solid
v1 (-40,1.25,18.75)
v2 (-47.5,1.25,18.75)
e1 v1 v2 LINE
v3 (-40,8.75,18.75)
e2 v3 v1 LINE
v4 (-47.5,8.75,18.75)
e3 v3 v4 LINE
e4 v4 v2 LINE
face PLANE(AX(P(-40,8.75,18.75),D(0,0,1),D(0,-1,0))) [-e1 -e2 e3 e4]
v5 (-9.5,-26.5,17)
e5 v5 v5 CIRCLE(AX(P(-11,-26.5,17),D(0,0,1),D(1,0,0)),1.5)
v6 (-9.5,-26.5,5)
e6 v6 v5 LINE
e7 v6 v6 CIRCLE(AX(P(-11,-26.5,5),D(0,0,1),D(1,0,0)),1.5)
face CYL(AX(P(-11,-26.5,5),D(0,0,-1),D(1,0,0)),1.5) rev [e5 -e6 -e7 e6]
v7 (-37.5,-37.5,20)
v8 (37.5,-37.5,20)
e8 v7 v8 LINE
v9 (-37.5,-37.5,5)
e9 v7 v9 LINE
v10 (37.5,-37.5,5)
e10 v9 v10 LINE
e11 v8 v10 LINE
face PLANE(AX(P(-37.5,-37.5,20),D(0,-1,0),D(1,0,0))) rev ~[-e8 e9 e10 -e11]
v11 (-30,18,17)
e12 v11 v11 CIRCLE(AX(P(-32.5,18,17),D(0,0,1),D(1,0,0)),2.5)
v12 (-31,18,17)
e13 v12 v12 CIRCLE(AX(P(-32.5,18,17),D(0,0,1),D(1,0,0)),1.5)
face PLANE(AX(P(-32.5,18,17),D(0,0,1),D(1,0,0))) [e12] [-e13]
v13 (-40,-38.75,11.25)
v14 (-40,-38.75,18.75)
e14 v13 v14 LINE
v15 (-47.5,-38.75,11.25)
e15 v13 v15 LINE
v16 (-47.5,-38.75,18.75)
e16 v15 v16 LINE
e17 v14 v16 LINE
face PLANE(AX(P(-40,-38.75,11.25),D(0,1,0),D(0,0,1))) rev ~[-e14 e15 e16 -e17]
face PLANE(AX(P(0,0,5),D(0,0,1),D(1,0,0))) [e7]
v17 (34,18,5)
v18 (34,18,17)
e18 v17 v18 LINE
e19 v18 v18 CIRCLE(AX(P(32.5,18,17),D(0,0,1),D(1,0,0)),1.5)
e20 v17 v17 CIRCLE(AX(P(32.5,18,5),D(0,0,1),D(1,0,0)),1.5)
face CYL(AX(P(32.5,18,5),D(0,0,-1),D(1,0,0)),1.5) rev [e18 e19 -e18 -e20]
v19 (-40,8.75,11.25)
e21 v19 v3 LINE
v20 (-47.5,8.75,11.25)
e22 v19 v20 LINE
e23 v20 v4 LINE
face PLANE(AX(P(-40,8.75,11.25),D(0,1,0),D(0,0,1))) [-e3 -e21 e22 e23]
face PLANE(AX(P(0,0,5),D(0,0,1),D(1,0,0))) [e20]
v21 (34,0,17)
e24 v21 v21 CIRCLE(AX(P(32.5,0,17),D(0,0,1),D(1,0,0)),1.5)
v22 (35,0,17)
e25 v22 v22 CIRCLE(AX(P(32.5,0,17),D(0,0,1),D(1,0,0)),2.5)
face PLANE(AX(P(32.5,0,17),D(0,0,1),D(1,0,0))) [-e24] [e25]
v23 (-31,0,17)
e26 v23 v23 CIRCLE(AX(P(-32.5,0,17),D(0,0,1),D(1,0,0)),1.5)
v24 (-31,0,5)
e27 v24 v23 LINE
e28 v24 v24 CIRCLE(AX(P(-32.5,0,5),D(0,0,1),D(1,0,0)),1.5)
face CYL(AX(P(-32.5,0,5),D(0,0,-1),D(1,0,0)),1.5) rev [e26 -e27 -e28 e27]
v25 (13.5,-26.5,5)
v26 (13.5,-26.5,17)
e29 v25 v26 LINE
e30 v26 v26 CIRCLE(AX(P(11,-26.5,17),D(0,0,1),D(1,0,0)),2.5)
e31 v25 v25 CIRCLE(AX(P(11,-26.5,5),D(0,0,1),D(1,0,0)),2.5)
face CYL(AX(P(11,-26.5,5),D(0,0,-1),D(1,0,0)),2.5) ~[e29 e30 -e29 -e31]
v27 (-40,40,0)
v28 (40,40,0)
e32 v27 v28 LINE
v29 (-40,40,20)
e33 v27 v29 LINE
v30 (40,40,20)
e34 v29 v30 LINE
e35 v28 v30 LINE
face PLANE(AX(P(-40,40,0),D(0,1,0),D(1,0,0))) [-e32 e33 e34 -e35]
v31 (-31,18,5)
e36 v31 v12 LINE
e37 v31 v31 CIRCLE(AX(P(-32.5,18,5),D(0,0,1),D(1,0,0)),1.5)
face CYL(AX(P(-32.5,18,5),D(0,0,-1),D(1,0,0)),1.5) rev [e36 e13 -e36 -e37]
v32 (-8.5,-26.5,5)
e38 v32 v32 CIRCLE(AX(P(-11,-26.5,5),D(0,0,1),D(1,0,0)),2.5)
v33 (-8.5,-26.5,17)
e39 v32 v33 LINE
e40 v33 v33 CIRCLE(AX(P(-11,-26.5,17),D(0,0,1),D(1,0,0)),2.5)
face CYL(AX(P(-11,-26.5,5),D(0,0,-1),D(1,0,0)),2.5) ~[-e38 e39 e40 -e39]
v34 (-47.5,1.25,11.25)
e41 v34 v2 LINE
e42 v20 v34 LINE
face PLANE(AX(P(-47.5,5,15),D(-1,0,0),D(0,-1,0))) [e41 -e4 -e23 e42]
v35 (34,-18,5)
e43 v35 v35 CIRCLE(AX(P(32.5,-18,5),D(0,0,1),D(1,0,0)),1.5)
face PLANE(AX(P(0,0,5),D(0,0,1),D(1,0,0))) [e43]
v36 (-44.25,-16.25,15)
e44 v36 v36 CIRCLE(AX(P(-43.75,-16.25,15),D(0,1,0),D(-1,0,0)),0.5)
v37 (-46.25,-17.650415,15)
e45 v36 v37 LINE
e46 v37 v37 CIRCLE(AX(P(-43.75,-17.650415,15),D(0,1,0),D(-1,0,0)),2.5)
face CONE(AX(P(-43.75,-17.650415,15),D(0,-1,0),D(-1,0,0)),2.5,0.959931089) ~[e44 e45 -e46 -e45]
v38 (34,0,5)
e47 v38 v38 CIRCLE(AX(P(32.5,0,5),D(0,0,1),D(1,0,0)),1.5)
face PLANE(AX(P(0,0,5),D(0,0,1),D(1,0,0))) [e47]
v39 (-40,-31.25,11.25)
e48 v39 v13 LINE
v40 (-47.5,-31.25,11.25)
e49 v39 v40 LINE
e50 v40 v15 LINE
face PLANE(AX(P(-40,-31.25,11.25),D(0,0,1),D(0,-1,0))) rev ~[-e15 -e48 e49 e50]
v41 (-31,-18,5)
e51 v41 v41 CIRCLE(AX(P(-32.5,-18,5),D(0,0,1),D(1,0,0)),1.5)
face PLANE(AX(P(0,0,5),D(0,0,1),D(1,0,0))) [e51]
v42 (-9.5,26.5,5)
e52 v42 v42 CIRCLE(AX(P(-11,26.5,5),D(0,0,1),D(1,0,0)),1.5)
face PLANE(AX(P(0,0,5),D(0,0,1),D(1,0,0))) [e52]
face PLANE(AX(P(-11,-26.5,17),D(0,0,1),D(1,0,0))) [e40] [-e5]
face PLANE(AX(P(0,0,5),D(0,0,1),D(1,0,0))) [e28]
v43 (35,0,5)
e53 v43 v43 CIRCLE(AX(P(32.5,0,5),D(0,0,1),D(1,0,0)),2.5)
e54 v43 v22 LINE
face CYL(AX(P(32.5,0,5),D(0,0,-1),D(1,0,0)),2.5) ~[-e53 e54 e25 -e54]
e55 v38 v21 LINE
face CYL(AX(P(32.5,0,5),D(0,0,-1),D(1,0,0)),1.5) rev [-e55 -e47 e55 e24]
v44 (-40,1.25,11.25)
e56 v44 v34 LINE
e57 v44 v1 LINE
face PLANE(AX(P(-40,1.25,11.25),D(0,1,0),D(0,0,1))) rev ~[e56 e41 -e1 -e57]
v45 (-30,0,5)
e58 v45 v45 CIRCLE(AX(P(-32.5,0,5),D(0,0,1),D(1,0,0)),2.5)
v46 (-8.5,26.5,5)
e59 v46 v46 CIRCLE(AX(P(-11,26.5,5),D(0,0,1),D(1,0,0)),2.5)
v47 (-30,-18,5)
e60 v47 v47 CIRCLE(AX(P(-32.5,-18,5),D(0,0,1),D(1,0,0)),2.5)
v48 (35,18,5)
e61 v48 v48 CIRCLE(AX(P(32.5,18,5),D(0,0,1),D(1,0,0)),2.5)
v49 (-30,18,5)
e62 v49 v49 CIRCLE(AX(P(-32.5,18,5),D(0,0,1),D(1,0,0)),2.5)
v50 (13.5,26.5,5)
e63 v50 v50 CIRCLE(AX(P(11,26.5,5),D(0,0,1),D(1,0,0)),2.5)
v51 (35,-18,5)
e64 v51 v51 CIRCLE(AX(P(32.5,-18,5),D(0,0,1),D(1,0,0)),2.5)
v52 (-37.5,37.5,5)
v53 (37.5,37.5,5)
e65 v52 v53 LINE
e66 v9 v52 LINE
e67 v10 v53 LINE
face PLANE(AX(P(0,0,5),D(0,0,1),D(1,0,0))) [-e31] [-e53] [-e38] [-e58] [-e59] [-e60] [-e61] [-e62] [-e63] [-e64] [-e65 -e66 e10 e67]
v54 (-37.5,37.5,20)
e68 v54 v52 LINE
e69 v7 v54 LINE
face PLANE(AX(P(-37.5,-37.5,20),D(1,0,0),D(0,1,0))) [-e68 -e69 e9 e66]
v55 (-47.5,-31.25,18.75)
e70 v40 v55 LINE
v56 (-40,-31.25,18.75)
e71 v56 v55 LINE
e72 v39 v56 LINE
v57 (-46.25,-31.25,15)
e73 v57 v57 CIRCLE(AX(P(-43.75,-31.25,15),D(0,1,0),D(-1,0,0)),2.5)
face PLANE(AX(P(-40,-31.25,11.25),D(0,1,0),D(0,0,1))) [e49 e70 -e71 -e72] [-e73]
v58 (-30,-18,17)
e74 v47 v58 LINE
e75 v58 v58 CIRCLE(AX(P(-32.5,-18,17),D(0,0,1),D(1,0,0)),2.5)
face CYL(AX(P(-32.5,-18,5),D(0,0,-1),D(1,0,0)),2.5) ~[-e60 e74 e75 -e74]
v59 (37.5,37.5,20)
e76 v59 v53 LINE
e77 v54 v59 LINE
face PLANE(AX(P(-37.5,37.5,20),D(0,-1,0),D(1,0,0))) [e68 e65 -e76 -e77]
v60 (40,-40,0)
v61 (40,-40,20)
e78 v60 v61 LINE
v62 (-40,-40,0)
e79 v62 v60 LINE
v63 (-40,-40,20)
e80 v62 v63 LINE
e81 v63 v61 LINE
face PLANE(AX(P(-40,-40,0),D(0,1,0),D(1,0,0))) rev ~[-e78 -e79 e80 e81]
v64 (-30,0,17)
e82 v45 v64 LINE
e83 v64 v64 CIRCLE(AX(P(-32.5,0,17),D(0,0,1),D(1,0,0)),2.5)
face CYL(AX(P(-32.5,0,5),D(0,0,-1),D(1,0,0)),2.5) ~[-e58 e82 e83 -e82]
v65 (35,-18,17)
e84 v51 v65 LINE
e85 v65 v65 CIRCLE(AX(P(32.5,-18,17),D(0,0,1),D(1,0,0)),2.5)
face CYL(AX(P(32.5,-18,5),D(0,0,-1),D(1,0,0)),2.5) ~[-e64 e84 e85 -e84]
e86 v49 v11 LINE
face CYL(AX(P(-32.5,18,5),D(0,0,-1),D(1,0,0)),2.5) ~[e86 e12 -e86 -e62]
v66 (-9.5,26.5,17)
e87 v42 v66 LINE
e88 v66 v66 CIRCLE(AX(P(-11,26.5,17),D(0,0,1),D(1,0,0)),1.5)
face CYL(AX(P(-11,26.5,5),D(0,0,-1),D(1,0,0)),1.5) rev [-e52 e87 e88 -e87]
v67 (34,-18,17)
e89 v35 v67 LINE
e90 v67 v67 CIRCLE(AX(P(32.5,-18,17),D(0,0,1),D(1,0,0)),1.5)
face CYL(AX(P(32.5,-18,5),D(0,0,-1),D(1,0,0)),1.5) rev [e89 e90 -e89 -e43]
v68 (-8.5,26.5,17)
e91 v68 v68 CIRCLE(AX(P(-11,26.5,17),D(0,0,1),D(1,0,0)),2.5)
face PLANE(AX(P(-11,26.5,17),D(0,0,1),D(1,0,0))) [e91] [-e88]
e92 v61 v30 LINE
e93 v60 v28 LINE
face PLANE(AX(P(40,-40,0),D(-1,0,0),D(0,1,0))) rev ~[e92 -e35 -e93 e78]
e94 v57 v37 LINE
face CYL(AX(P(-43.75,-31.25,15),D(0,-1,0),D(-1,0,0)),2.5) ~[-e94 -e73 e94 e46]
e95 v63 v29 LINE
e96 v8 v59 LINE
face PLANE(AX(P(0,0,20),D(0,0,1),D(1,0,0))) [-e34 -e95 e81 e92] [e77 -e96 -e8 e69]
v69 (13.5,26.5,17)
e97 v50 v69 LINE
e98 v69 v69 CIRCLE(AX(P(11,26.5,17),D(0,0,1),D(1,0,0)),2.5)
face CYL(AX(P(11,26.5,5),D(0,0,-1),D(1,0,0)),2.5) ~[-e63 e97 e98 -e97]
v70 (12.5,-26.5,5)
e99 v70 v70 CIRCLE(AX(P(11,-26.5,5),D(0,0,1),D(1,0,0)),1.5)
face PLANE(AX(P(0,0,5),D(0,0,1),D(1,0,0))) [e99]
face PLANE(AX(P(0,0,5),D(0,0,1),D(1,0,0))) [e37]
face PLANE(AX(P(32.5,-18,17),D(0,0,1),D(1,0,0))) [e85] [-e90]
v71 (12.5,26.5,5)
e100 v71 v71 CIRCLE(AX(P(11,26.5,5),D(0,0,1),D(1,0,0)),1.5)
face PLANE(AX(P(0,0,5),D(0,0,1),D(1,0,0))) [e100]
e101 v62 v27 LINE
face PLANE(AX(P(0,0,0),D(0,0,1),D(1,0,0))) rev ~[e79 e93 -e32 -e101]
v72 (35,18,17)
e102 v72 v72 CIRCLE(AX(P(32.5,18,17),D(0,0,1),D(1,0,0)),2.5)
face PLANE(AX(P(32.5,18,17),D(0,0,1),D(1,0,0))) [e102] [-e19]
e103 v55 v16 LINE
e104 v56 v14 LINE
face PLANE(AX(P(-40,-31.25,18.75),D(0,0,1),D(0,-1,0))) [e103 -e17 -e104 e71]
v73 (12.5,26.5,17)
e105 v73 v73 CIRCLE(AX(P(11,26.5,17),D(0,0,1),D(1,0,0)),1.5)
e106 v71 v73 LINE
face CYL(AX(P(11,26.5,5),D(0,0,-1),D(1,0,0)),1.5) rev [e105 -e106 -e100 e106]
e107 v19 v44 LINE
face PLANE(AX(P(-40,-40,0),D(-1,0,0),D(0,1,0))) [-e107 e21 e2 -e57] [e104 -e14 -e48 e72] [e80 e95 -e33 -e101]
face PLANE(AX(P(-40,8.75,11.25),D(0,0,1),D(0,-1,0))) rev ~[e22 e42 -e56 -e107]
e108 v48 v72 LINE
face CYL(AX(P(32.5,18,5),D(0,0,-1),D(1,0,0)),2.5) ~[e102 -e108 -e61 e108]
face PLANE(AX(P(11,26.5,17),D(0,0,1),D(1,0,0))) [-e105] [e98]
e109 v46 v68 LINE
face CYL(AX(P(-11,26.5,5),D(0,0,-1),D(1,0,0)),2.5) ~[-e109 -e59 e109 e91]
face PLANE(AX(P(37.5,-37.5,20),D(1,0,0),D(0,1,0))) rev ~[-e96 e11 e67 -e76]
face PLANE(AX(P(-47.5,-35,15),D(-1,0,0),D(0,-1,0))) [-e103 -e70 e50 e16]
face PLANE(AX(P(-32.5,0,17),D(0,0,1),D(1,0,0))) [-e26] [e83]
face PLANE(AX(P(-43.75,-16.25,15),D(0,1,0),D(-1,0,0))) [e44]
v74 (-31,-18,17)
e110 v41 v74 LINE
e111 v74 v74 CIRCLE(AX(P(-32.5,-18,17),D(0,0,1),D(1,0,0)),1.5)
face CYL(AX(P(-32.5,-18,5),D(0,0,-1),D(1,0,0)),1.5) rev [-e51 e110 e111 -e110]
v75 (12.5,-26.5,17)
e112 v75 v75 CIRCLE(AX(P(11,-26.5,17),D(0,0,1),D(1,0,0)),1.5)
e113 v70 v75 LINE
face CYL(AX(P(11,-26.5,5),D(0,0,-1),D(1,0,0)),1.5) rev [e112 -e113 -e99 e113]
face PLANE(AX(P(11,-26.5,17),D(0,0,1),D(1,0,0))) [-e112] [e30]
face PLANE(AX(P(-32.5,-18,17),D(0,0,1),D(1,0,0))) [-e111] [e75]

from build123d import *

# Parameters (mm, degrees)
F0_W      = 80
F0_H      = 80
F1_DEPTH  = 20
F2_W      = 75
F2_H      = 75
F3_DEPTH  = 15
F4_R      = 2.5
F4_R_2    = 1.5
F5_DEPTH  = 12
F6_W      = 7.5
F6_H      = 7.5
F7_DEPTH  = 7.5
F8_R      = 2.5
F9_DEPTH  = 15
F10_SIZE2 = 1.4004150764
F10_SIZE  = 2


with BuildPart() as f1:
    # F0 (on Top) → F1 (new body)
    with BuildSketch(Plane.XY):
        Rectangle(F0_W, F0_H)
    extrude(amount=F1_DEPTH)

    # F2 (on face) → F3 (cut)
    with BuildSketch(Plane.XY.offset(20)):
        Rectangle(F2_W, F2_H)
    extrude(amount=-F3_DEPTH, mode=Mode.SUBTRACT)

    # F4 (on face) → F5 (join)
    with BuildSketch(Plane.XY.offset(5)):
        with Locations((-11, 26.5)):
            Circle(F4_R)
        with Locations((-11, 26.5)):
            Circle(F4_R_2, mode=Mode.SUBTRACT)
        with Locations((11, 26.5)):
            Circle(F4_R)
        with Locations((11, 26.5)):
            Circle(F4_R_2, mode=Mode.SUBTRACT)
        with Locations((-11, -26.5)):
            Circle(F4_R)
        with Locations((-11, -26.5)):
            Circle(F4_R_2, mode=Mode.SUBTRACT)
        with Locations((11, -26.5)):
            Circle(F4_R)
        with Locations((11, -26.5)):
            Circle(F4_R_2, mode=Mode.SUBTRACT)
        with Locations((-32.5, 18)):
            Circle(F4_R)
        with Locations((-32.5, 18)):
            Circle(F4_R_2, mode=Mode.SUBTRACT)
        with Locations((-32.5, 0)):
            Circle(F4_R)
        with Locations((-32.5, 0)):
            Circle(F4_R_2, mode=Mode.SUBTRACT)
        with Locations((-32.5, -18)):
            Circle(F4_R)
        with Locations((-32.5, -18)):
            Circle(F4_R_2, mode=Mode.SUBTRACT)
        with Locations((32.5, 0)):
            Circle(F4_R)
        with Locations((32.5, 0)):
            Circle(F4_R_2, mode=Mode.SUBTRACT)
        with Locations((32.5, -18)):
            Circle(F4_R)
        with Locations((32.5, -18)):
            Circle(F4_R_2, mode=Mode.SUBTRACT)
        with Locations((32.5, 18)):
            Circle(F4_R)
        with Locations((32.5, 18)):
            Circle(F4_R_2, mode=Mode.SUBTRACT)
    extrude(amount=F5_DEPTH)

    # F6 (on face) → F7 (join)
    with BuildSketch(Plane(origin=(-40, 0, 0), x_dir=(0, -1, 0), z_dir=(-1, 0, 0))):
        with Locations((35, 15)):
            Rectangle(F6_W, F6_H)
        with Locations((-5, 15)):
            Rectangle(F6_W, F6_H)
    extrude(amount=F7_DEPTH)

    # F8 (on face) → F9 (join)
    with BuildSketch(Plane(origin=(0, -31.25, 0), x_dir=(-1, 0, 0), z_dir=(0, 1, 0))):
        with Locations((43.75, 15)):
            Circle(F8_R)
    extrude(amount=F9_DEPTH)

    # F10
    f10_edges = [f1.edges().sort_by_distance(p)[0] for p in [
        (-41.25, -16.25, 15),
    ]]
    f10_side = f1.faces().sort_by_distance((-43.75, -16.25, 15))[0]
    chamfer(f10_edges, length=F10_SIZE, length2=F10_SIZE2, reference=f10_side)


solid = f1.part
